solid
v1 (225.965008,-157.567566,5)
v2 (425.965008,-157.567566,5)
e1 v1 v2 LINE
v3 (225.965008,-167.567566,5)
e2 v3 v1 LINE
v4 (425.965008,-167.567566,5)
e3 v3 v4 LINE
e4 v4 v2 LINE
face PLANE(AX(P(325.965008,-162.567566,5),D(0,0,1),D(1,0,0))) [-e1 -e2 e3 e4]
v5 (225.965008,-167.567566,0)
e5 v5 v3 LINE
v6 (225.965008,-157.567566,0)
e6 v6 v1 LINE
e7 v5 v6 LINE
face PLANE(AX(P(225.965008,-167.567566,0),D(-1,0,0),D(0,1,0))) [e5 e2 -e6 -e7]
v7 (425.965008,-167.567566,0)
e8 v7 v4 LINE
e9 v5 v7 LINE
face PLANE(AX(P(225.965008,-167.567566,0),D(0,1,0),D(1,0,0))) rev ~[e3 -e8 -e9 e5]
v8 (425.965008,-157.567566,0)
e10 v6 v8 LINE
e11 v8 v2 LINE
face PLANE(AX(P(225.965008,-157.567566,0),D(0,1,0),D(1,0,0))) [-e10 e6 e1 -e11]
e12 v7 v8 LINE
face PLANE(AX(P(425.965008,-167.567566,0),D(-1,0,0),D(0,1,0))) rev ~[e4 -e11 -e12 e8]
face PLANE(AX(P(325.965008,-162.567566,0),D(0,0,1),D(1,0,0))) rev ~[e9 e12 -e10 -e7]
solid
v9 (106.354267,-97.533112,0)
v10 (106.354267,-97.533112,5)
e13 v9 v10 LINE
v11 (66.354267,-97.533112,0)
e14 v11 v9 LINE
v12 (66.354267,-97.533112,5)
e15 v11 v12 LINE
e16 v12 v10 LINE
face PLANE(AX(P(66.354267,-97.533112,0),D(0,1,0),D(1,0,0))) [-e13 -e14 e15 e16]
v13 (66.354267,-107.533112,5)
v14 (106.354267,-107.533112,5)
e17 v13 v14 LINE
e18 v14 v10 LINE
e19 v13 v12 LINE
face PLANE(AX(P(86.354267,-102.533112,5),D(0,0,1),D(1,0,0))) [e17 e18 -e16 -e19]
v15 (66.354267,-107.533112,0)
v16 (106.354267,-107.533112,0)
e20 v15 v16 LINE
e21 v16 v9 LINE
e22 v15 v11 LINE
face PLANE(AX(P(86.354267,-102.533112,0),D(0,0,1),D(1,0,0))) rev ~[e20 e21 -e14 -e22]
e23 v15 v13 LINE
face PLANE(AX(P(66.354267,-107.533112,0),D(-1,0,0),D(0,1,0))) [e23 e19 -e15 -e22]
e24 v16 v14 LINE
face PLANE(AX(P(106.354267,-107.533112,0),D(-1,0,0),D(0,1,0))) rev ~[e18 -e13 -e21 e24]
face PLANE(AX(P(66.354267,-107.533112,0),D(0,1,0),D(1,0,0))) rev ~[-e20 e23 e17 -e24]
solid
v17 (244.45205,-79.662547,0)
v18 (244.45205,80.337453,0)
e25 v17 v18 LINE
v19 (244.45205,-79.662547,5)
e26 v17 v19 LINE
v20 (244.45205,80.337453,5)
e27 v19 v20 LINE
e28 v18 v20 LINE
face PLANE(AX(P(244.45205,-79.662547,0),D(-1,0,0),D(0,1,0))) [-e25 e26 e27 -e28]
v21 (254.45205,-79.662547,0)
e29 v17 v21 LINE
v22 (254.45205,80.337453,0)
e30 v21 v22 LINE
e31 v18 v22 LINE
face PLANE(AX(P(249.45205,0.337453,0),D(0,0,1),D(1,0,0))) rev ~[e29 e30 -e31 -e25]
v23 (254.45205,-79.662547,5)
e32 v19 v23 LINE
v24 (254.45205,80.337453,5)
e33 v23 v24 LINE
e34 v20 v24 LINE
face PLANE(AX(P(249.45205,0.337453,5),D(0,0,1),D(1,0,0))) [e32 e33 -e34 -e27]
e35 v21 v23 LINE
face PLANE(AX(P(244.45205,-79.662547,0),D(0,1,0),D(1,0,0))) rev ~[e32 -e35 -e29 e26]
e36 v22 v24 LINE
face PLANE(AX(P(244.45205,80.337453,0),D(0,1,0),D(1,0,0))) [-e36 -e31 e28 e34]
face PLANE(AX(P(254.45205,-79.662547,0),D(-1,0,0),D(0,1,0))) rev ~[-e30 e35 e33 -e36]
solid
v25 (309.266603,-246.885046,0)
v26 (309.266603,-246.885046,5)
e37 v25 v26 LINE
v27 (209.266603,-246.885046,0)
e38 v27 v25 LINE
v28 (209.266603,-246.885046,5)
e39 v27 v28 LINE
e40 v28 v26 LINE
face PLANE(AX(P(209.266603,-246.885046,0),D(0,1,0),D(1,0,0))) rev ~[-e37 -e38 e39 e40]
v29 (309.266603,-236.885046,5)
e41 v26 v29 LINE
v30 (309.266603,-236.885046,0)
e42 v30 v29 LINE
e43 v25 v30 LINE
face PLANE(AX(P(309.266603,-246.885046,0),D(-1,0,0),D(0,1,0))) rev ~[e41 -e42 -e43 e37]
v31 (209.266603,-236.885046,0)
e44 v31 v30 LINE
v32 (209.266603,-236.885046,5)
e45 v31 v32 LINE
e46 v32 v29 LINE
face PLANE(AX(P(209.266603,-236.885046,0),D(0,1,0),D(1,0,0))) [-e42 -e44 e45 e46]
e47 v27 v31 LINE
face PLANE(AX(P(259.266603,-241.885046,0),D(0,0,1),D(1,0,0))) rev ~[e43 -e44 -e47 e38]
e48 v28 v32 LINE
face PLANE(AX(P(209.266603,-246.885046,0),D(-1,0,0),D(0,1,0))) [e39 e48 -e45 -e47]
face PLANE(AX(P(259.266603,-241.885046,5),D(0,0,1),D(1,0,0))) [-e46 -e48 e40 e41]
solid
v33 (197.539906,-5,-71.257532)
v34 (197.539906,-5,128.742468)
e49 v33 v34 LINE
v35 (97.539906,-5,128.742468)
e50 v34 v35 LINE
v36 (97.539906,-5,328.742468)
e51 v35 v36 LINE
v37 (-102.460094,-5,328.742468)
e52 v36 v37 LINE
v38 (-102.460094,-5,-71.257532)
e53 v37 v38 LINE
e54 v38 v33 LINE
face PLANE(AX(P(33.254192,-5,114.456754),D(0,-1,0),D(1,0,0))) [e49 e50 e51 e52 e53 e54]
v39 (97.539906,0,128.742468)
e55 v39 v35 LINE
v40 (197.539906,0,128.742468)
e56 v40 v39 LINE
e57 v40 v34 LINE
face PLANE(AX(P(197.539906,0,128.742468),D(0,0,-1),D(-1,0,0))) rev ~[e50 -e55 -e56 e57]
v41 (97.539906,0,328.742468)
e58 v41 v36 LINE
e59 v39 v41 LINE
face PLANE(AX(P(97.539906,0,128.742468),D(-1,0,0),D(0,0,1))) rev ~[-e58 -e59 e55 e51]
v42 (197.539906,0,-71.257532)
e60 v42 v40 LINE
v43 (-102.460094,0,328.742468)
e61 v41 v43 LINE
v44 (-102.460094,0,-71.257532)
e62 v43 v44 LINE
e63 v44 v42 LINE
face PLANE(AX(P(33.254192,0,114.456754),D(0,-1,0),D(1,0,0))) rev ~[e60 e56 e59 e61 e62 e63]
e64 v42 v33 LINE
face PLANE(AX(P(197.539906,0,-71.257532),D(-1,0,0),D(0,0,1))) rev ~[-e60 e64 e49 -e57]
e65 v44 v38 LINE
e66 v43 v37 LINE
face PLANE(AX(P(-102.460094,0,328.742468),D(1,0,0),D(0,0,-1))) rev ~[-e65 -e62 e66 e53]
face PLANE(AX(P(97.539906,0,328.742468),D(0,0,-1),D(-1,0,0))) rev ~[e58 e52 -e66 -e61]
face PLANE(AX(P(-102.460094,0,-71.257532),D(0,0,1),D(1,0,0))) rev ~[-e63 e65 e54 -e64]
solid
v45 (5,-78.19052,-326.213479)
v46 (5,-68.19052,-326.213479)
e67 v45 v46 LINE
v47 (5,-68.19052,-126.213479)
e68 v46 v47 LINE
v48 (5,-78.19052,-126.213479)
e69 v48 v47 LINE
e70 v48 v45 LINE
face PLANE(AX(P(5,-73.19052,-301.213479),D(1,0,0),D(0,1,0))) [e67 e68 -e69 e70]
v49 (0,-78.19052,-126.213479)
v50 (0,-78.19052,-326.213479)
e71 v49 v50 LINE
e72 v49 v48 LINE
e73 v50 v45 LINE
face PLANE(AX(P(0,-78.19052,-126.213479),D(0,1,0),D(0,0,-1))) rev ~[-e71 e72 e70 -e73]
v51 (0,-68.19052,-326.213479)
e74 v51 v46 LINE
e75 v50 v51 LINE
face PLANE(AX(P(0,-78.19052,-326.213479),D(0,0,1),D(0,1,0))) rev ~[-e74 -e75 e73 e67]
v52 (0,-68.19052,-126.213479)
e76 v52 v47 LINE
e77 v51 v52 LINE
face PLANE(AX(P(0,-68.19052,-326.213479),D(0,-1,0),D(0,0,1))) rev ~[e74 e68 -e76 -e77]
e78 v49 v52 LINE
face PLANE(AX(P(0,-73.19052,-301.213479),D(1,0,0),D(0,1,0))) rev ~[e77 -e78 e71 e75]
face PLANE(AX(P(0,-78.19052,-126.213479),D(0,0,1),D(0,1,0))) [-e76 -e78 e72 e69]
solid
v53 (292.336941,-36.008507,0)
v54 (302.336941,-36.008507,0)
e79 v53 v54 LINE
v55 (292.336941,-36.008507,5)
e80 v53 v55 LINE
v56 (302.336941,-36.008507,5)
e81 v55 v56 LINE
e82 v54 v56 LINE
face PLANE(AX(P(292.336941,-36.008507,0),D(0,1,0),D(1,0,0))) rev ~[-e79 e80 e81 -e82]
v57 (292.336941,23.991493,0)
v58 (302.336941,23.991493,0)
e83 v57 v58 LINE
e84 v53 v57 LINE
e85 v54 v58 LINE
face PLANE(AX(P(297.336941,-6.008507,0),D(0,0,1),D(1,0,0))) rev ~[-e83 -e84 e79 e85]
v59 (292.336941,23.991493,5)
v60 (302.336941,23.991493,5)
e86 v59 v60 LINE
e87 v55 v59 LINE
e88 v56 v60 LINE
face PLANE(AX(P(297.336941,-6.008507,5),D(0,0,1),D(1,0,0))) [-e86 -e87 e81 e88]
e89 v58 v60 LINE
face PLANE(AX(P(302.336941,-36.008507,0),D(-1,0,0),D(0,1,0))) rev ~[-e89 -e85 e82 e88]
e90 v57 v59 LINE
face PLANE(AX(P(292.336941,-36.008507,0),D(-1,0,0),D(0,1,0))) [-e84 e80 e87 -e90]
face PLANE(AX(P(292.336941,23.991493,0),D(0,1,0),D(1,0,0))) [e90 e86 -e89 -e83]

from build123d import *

# Parameters (mm, degrees)
F1_DEPTH = 5
F2_W     = 200
F2_H     = 10
F2_W_2   = 100
F2_W_3   = 40
F2_W_4   = 10
F2_H_2   = 160
F2_H_3   = 60
F3_DEPTH = 5
F4_W     = 10
F4_H     = 50
F5_DEPTH = 5


with BuildPart() as f1:
    # F0 (on Front) → F1 (new body)
    with BuildSketch(Plane.XZ):
        Polygon((97.539906, 328.742468), (-102.460094, 328.742468), (-102.460094, -71.257532), (197.539906, -71.257532), (197.539906, 128.742468), (97.539906, 128.742468), align=None)
    extrude(amount=F1_DEPTH)


with BuildPart() as f3:
    # F2 (on Top) → F3 (new body)
    with BuildSketch(Plane.XY):
        with Locations((325.965008, -162.567566)):
            Rectangle(F2_W, F2_H)
        with Locations((259.266603, -241.885046)):
            Rectangle(F2_W_2, F2_H)
        with Locations((86.354267, -102.533112)):
            Rectangle(F2_W_3, F2_H)
        with Locations((249.45205, 0.337453)):
            Rectangle(F2_W_4, F2_H_2)
        with Locations((297.336941, -6.008507)):
            Rectangle(F2_W_4, F2_H_3)
    extrude(amount=F3_DEPTH)


with BuildPart() as f5:
    # F4 (on Right) → F5 (new body)
    with BuildSketch(Plane.YZ):
        with Locations((-73.19052, -301.213479)):
            Rectangle(F4_W, F4_H)
        with Locations((-73.19052, -251.213479)):
            Rectangle(F4_W, F4_H)
        with Locations((-73.19052, -201.213479)):
            Rectangle(F4_W, F4_H)
        with Locations((-73.19052, -151.213479)):
            Rectangle(F4_W, F4_H)
    extrude(amount=F5_DEPTH)


solid = Compound([f1.part, f3.part, f5.part])
